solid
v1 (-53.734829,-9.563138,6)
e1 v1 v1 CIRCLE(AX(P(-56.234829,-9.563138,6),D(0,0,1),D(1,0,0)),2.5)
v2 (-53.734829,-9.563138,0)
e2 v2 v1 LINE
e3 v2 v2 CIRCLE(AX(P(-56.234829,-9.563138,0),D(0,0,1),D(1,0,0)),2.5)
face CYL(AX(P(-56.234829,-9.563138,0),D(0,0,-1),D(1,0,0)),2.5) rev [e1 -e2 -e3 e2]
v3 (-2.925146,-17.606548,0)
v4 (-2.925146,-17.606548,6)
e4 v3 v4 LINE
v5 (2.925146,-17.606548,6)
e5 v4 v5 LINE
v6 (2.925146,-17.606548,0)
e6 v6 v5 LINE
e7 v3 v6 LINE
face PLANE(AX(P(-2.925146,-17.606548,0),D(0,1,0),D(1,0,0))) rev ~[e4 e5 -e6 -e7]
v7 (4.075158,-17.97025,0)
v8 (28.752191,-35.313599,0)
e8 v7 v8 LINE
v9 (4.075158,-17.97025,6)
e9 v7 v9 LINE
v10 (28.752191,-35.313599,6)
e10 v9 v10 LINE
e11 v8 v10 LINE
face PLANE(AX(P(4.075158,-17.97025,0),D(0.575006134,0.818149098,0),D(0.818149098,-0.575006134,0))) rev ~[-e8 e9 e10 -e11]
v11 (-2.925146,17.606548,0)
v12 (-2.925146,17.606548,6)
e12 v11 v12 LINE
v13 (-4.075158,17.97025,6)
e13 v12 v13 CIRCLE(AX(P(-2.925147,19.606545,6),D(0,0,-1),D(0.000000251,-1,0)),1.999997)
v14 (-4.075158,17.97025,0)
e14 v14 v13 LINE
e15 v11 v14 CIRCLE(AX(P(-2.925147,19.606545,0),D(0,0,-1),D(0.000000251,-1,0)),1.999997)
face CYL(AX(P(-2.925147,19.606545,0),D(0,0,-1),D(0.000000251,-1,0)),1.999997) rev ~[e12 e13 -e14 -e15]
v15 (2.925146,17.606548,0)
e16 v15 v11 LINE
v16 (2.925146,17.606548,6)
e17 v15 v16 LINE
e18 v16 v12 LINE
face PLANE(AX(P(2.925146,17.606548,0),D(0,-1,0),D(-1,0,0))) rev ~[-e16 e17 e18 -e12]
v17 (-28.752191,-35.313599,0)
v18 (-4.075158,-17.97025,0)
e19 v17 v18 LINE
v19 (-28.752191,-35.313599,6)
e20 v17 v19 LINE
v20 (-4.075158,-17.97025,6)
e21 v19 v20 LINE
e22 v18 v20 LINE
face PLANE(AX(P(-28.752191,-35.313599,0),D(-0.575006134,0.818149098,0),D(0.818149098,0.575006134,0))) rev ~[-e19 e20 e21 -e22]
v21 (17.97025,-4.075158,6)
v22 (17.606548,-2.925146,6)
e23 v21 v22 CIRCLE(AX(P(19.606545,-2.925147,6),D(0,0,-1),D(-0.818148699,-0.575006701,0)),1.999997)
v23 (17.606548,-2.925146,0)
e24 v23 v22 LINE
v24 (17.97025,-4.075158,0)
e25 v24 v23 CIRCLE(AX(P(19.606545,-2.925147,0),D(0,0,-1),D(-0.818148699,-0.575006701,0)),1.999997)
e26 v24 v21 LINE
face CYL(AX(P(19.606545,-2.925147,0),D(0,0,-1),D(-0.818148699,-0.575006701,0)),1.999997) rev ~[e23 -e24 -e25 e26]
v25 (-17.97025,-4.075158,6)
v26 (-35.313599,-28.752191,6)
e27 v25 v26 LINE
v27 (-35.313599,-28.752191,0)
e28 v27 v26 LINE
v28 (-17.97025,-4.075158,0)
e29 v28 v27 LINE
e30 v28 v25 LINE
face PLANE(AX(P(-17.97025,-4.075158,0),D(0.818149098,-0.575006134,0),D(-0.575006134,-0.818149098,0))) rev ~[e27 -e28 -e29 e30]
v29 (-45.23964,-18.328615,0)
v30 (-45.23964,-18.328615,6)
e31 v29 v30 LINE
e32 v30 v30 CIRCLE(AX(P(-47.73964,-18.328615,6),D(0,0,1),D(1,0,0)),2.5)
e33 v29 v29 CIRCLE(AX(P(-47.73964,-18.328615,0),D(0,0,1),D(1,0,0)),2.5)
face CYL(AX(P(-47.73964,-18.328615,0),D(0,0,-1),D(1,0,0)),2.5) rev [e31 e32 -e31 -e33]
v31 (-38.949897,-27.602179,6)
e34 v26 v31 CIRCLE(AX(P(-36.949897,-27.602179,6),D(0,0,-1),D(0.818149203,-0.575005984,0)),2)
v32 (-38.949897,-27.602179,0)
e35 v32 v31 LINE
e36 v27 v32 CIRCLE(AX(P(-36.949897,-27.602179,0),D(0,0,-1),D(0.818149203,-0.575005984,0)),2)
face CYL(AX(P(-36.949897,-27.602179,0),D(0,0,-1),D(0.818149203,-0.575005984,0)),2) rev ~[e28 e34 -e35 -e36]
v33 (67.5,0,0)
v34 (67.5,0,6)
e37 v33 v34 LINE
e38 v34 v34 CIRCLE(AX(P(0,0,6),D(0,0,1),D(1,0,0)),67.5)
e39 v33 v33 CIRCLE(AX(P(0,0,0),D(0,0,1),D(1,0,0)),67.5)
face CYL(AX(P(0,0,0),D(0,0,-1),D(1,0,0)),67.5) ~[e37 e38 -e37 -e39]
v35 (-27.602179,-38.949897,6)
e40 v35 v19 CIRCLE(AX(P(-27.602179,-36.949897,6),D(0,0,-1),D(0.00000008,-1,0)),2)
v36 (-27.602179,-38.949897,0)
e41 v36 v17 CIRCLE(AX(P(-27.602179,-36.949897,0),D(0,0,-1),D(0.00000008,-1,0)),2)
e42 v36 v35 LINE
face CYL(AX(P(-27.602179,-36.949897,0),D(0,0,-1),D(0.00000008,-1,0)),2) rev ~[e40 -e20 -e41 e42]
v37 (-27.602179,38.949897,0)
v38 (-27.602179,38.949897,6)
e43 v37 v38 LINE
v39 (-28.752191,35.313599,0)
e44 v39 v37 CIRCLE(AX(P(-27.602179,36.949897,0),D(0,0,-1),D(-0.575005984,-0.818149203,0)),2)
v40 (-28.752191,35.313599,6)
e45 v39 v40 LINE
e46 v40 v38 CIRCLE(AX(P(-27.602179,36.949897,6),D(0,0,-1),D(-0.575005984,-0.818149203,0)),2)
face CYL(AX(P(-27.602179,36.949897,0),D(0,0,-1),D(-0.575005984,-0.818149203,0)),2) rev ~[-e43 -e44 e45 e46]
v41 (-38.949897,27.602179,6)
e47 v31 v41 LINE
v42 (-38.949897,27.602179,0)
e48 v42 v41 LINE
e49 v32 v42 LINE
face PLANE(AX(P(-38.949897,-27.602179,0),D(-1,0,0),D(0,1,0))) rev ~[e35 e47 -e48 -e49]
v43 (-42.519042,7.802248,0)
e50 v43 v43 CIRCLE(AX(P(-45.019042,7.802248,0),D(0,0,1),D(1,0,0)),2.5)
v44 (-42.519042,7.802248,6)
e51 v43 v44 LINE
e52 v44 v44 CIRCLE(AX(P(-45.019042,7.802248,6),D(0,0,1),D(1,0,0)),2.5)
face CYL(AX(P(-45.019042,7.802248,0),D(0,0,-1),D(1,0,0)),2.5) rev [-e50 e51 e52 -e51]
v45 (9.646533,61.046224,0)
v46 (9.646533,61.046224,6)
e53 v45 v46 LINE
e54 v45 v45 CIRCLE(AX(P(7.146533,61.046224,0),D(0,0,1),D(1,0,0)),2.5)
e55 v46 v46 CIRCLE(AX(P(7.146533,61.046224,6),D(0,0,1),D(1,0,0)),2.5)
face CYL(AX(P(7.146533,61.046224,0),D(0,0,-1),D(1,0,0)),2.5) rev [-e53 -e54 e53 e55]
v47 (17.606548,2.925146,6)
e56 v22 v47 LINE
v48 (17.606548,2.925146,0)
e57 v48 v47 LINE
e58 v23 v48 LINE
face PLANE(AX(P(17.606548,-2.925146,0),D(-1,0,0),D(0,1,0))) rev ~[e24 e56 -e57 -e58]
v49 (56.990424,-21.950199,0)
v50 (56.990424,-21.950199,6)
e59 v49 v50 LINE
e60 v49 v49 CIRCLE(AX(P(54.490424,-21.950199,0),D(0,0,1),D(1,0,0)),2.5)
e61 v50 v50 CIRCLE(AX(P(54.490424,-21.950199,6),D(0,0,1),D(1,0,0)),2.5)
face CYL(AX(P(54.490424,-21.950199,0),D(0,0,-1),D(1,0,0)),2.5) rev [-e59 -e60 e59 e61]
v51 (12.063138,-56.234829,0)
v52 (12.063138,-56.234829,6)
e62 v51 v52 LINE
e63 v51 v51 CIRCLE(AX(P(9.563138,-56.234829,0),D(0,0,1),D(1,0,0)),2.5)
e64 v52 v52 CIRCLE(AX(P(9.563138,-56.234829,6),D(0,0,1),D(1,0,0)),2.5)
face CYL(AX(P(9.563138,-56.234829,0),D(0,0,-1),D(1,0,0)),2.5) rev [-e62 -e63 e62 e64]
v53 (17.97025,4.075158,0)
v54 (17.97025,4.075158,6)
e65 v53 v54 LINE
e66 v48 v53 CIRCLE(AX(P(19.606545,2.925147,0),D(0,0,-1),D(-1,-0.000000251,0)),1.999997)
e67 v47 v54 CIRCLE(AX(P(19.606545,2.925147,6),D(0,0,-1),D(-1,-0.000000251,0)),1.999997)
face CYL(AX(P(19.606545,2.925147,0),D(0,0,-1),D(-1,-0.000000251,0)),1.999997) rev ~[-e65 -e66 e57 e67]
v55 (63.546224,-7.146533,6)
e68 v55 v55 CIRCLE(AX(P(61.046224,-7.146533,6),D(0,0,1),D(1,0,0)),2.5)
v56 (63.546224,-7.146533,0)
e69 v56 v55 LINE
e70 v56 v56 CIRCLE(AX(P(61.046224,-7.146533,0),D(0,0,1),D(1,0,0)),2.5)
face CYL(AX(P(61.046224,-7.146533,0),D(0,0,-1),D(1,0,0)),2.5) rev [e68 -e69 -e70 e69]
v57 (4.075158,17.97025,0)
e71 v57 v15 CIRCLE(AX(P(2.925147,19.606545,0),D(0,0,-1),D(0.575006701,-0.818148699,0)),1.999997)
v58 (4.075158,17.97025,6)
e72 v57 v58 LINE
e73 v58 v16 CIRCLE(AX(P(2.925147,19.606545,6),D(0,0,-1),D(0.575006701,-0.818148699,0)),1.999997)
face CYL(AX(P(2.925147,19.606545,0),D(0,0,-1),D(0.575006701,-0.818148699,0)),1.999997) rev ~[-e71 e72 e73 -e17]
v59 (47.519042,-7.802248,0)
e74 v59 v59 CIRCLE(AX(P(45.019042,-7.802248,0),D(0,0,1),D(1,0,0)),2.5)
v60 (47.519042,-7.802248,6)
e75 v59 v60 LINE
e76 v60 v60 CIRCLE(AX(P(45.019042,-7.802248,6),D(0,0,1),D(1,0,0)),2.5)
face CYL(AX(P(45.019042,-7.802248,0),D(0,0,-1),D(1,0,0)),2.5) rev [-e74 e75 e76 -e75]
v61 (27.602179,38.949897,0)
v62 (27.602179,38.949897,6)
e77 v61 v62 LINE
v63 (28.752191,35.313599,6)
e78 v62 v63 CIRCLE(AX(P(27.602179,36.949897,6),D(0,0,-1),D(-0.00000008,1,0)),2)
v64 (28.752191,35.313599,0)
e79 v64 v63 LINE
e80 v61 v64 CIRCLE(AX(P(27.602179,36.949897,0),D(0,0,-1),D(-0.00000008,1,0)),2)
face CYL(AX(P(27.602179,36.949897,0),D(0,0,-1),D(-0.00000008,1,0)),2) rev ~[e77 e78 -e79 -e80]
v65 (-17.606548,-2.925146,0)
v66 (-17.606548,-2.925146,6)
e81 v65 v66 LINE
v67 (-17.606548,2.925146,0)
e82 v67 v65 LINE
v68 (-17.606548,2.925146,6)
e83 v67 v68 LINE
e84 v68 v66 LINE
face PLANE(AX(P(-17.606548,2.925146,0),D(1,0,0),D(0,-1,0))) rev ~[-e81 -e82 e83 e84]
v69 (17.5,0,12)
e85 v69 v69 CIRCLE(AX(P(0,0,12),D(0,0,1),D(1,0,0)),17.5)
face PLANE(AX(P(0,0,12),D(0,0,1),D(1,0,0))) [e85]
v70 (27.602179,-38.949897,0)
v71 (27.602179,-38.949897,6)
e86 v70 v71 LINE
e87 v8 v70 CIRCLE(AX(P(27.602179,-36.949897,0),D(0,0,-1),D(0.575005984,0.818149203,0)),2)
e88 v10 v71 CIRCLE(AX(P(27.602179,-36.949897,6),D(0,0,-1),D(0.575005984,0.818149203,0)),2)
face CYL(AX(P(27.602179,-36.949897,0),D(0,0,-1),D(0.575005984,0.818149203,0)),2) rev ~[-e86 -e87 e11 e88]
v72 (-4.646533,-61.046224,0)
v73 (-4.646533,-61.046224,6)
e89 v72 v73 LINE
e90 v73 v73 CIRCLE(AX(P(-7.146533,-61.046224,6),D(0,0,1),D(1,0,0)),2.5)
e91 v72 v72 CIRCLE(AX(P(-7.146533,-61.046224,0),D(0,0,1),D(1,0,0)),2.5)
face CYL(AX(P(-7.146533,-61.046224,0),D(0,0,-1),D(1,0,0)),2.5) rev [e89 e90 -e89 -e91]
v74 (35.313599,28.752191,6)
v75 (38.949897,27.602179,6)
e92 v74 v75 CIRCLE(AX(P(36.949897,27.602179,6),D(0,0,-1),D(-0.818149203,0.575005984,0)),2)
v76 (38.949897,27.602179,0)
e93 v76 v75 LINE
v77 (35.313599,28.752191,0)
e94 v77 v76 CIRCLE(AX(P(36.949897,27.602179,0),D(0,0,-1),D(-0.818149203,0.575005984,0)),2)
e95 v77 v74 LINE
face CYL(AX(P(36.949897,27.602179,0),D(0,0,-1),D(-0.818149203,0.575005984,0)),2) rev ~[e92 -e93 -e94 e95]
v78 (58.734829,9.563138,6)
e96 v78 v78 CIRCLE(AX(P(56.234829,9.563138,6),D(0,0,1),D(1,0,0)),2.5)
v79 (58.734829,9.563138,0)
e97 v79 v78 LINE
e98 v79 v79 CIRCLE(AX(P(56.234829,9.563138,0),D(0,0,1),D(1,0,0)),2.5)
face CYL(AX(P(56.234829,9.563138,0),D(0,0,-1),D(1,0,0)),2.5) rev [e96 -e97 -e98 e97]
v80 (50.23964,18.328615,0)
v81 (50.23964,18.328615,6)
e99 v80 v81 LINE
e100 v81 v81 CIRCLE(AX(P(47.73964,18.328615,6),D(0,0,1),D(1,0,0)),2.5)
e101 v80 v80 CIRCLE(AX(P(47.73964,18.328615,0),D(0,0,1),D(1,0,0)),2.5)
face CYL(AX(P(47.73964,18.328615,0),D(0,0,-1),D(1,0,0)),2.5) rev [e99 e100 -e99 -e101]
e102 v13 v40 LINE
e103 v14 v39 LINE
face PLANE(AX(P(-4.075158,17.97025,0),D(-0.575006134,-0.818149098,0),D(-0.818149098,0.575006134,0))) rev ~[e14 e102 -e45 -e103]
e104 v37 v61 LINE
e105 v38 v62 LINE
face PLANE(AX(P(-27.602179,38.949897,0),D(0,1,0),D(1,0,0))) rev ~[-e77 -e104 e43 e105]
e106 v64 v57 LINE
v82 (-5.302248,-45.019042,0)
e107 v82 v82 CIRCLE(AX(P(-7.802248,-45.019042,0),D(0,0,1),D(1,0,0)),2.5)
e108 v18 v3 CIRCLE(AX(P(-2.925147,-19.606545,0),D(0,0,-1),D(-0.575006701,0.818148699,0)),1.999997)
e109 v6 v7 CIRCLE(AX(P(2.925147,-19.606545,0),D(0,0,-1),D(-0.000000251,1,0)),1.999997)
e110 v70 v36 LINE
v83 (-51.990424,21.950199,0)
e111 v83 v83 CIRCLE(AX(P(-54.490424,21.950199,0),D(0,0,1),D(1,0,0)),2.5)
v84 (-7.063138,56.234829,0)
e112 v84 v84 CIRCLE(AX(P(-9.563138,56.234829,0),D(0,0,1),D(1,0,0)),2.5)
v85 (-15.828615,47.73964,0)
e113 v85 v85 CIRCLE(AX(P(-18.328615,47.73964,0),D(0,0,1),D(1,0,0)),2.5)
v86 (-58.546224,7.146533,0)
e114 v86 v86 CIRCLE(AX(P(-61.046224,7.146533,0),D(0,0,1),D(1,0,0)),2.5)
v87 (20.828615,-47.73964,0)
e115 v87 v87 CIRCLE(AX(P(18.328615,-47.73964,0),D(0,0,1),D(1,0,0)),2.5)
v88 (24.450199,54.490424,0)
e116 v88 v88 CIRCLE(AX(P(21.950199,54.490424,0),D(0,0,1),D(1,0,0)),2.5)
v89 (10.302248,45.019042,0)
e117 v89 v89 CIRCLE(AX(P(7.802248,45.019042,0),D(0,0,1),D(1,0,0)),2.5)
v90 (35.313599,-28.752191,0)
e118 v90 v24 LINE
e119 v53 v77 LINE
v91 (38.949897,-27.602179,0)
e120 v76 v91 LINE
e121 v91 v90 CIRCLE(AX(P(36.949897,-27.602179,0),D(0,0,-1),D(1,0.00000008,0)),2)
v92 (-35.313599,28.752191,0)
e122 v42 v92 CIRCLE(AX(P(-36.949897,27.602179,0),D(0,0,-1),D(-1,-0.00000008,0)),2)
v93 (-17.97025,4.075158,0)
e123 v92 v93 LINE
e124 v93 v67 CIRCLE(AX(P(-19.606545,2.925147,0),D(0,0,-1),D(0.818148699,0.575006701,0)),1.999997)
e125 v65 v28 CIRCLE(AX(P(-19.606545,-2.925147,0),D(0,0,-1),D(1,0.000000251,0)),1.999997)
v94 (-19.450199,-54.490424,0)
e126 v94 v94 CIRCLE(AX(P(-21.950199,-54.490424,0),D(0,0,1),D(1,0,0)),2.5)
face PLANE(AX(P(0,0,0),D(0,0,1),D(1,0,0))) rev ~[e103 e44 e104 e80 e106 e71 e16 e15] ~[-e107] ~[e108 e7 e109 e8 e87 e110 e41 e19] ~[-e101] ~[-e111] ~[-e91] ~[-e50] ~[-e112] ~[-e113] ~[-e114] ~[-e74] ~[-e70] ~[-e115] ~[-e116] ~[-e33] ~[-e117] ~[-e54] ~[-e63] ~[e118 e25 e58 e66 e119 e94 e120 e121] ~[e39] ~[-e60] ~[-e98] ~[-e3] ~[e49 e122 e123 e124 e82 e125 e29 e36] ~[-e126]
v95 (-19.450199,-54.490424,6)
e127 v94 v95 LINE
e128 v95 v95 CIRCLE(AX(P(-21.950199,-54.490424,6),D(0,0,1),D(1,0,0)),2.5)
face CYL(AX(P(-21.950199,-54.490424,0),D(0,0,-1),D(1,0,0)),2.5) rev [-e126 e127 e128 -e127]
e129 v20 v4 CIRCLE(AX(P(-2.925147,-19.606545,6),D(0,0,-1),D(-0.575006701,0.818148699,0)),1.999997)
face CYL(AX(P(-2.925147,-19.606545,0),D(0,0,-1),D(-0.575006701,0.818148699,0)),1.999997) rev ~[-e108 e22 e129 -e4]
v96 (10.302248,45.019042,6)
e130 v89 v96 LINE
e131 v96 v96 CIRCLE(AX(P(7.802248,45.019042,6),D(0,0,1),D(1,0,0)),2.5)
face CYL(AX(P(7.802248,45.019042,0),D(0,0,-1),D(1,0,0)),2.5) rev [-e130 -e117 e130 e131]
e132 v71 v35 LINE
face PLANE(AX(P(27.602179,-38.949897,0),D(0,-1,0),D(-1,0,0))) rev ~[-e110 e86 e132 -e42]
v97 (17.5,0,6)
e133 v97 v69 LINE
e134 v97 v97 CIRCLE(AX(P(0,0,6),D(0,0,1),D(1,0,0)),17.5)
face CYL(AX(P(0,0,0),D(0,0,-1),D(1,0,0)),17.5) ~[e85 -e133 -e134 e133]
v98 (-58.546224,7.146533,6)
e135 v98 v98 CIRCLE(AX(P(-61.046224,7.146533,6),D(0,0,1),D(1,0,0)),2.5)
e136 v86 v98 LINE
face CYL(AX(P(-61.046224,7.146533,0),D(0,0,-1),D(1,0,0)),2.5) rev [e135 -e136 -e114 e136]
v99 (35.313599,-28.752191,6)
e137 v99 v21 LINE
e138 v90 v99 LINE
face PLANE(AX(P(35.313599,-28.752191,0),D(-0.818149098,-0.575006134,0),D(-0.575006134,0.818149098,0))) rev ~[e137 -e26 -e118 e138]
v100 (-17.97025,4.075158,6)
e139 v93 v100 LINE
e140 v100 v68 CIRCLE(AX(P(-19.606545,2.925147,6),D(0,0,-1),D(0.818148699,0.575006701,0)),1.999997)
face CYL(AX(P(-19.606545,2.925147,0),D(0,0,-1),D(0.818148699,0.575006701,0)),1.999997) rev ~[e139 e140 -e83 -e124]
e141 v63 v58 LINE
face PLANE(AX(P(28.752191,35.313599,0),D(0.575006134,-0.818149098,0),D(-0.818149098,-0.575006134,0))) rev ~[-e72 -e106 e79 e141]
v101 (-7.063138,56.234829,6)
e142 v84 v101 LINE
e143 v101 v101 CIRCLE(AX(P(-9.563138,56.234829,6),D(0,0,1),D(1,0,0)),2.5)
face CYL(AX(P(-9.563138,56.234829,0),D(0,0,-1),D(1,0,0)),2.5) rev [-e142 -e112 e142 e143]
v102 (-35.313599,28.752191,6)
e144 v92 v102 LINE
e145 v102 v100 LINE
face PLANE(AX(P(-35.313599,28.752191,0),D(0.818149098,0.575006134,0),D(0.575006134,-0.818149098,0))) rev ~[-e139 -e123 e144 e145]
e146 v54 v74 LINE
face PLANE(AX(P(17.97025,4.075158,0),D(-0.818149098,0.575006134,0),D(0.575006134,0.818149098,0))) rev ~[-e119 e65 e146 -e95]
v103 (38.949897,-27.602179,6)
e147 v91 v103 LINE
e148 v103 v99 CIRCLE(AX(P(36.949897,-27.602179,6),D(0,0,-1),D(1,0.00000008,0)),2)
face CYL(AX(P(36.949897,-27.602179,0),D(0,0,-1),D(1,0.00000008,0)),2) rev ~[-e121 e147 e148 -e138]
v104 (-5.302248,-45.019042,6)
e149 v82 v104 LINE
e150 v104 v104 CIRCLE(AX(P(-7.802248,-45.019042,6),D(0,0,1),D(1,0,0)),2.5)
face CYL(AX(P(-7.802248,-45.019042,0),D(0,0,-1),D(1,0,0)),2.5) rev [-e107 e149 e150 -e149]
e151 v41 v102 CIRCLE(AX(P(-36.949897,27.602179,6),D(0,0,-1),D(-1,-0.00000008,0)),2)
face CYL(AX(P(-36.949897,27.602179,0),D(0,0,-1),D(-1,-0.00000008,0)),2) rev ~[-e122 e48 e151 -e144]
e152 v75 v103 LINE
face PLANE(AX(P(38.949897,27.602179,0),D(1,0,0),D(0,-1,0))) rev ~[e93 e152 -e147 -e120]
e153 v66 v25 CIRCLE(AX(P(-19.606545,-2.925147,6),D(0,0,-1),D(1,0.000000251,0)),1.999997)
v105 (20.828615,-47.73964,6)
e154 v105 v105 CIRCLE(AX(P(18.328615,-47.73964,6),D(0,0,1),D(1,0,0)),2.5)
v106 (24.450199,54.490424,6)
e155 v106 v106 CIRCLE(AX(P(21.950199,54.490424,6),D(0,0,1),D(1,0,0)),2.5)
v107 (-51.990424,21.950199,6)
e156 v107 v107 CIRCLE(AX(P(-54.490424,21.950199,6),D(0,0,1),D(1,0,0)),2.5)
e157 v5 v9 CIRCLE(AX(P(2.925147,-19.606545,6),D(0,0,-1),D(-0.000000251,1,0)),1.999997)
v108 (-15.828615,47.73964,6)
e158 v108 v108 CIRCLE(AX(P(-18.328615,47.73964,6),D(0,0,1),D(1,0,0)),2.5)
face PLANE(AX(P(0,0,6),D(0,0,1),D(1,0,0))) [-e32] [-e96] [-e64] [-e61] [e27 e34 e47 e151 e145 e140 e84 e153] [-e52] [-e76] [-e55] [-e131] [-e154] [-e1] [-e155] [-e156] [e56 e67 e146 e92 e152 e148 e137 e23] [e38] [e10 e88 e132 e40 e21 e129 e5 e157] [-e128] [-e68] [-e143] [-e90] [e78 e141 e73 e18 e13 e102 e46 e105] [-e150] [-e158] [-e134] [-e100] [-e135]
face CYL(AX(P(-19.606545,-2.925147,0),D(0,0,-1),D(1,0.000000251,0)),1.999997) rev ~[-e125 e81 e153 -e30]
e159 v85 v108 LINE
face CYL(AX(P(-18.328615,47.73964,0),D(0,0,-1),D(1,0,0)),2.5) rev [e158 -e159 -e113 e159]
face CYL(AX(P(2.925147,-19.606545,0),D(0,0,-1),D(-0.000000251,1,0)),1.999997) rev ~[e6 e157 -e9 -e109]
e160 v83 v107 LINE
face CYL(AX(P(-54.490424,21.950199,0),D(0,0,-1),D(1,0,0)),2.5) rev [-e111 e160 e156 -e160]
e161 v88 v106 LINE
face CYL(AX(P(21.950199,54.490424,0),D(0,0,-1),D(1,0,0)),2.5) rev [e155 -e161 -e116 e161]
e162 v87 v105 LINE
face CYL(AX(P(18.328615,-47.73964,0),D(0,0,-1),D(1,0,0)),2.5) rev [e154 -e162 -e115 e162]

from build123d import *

# Parameters (mm, degrees)
F1_R     = 67.5
F1_R_2   = 2.5
F1_R_3   = 17.5
F2_DEPTH = 6
F0_R     = 17.5
F3_DEPTH = 12


with BuildPart() as f2:
    # F1 (on face) → F2 (new body)
    with BuildSketch(Plane.XY):
        Circle(F1_R)
        with Locations((-21.950199, -54.490424)):
            Circle(F1_R_2, mode=Mode.SUBTRACT)
        with Locations((-7.146533, -61.046224)):
            Circle(F1_R_2, mode=Mode.SUBTRACT)
        with Locations((-7.802248, -45.019042)):
            Circle(F1_R_2, mode=Mode.SUBTRACT)
        with Locations((-47.73964, -18.328615)):
            Circle(F1_R_2, mode=Mode.SUBTRACT)
        with Locations((-56.234829, -9.563138)):
            Circle(F1_R_2, mode=Mode.SUBTRACT)
        with Locations((9.563138, -56.234829)):
            Circle(F1_R_2, mode=Mode.SUBTRACT)
        with Locations((18.328615, -47.73964)):
            Circle(F1_R_2, mode=Mode.SUBTRACT)
        with BuildLine():
            Line((-28.752191, -35.313599), (-4.075158, -17.97025))
            ThreePointArc((-4.075158, -17.97025), (-3.528223, -17.69964), (-2.925146, -17.606548))
            Line((-2.925146, -17.606548), (0, -17.606548))
            Line((0, -17.606548), (2.925146, -17.606548))
            ThreePointArc((2.925146, -17.606548), (3.528223, -17.69964), (4.075158, -17.97025))
            Line((4.075158, -17.97025), (28.752191, -35.313599))
            ThreePointArc((28.752191, -35.313599), (29.509087, -37.552974), (27.602179, -38.949897))
            Line((27.602179, -38.949897), (0, -38.949897))
            Line((0, -38.949897), (-27.602179, -38.949897))
            ThreePointArc((-27.602179, -38.949897), (-29.509087, -37.552974), (-28.752191, -35.313599))
        make_face(mode=Mode.SUBTRACT)
        with Locations((54.490424, -21.950199)):
            Circle(F1_R_2, mode=Mode.SUBTRACT)
        with Locations((45.019042, -7.802248)):
            Circle(F1_R_2, mode=Mode.SUBTRACT)
        with Locations((61.046224, -7.146533)):
            Circle(F1_R_2, mode=Mode.SUBTRACT)
        with Locations((-61.046224, 7.146533)):
            Circle(F1_R_2, mode=Mode.SUBTRACT)
        with Locations((-45.019042, 7.802248)):
            Circle(F1_R_2, mode=Mode.SUBTRACT)
        with Locations((-54.490424, 21.950199)):
            Circle(F1_R_2, mode=Mode.SUBTRACT)
        with BuildLine():
            Line((-35.313599, 28.752191), (-17.97025, 4.075158))
            ThreePointArc((-17.97025, 4.075158), (-17.69964, 3.528223), (-17.606548, 2.925146))
            Line((-17.606548, 2.925146), (-17.606548, 0))
            Line((-17.606548, 0), (-17.606548, -2.925146))
            ThreePointArc((-17.606548, -2.925146), (-17.69964, -3.528223), (-17.97025, -4.075158))
            Line((-17.97025, -4.075158), (-35.313599, -28.752191))
            ThreePointArc((-35.313599, -28.752191), (-37.552974, -29.509087), (-38.949897, -27.602179))
            Line((-38.949897, -27.602179), (-38.949897, 0))
            Line((-38.949897, 0), (-38.949897, 27.602179))
            ThreePointArc((-38.949897, 27.602179), (-37.552974, 29.509087), (-35.313599, 28.752191))
        make_face(mode=Mode.SUBTRACT)
        with Locations((-18.328615, 47.73964)):
            Circle(F1_R_2, mode=Mode.SUBTRACT)
        with Locations((-9.563138, 56.234829)):
            Circle(F1_R_2, mode=Mode.SUBTRACT)
        Circle(F1_R_3, mode=Mode.SUBTRACT)
        with BuildLine():
            Line((35.313599, -28.752191), (17.97025, -4.075158))
            ThreePointArc((17.97025, -4.075158), (17.69964, -3.528223), (17.606548, -2.925146))
            Line((17.606548, -2.925146), (17.606548, 0))
            Line((17.606548, 0), (17.606548, 2.925146))
            ThreePointArc((17.606548, 2.925146), (17.69964, 3.528223), (17.97025, 4.075158))
            Line((17.97025, 4.075158), (35.313599, 28.752191))
            ThreePointArc((35.313599, 28.752191), (37.552974, 29.509087), (38.949897, 27.602179))
            Line((38.949897, 27.602179), (38.949897, 0))
            Line((38.949897, 0), (38.949897, -27.602179))
            ThreePointArc((38.949897, -27.602179), (37.552974, -29.509087), (35.313599, -28.752191))
        make_face(mode=Mode.SUBTRACT)
        with BuildLine():
            ThreePointArc((27.602179, 38.949897), (29.509087, 37.552974), (28.752191, 35.313599))
            Line((28.752191, 35.313599), (4.075158, 17.97025))
            ThreePointArc((4.075158, 17.97025), (3.528223, 17.69964), (2.925146, 17.606548))
            Line((2.925146, 17.606548), (0, 17.606548))
            Line((0, 17.606548), (-2.925146, 17.606548))
            ThreePointArc((-2.925146, 17.606548), (-3.528223, 17.69964), (-4.075158, 17.97025))
            Line((-4.075158, 17.97025), (-28.752191, 35.313599))
            ThreePointArc((-28.752191, 35.313599), (-29.509087, 37.552974), (-27.602179, 38.949897))
            Line((-27.602179, 38.949897), (0, 38.949897))
            Line((0, 38.949897), (27.602179, 38.949897))
        make_face(mode=Mode.SUBTRACT)
        with Locations((56.234829, 9.563138)):
            Circle(F1_R_2, mode=Mode.SUBTRACT)
        with Locations((47.73964, 18.328615)):
            Circle(F1_R_2, mode=Mode.SUBTRACT)
        with Locations((7.802248, 45.019042)):
            Circle(F1_R_2, mode=Mode.SUBTRACT)
        with Locations((7.146533, 61.046224)):
            Circle(F1_R_2, mode=Mode.SUBTRACT)
        with Locations((21.950199, 54.490424)):
            Circle(F1_R_2, mode=Mode.SUBTRACT)
    extrude(amount=F2_DEPTH)

    # F0 (on Top) → F3 (join)
    with BuildSketch(Plane.XY):
        Circle(F0_R)
    extrude(amount=F3_DEPTH)


solid = f2.part
